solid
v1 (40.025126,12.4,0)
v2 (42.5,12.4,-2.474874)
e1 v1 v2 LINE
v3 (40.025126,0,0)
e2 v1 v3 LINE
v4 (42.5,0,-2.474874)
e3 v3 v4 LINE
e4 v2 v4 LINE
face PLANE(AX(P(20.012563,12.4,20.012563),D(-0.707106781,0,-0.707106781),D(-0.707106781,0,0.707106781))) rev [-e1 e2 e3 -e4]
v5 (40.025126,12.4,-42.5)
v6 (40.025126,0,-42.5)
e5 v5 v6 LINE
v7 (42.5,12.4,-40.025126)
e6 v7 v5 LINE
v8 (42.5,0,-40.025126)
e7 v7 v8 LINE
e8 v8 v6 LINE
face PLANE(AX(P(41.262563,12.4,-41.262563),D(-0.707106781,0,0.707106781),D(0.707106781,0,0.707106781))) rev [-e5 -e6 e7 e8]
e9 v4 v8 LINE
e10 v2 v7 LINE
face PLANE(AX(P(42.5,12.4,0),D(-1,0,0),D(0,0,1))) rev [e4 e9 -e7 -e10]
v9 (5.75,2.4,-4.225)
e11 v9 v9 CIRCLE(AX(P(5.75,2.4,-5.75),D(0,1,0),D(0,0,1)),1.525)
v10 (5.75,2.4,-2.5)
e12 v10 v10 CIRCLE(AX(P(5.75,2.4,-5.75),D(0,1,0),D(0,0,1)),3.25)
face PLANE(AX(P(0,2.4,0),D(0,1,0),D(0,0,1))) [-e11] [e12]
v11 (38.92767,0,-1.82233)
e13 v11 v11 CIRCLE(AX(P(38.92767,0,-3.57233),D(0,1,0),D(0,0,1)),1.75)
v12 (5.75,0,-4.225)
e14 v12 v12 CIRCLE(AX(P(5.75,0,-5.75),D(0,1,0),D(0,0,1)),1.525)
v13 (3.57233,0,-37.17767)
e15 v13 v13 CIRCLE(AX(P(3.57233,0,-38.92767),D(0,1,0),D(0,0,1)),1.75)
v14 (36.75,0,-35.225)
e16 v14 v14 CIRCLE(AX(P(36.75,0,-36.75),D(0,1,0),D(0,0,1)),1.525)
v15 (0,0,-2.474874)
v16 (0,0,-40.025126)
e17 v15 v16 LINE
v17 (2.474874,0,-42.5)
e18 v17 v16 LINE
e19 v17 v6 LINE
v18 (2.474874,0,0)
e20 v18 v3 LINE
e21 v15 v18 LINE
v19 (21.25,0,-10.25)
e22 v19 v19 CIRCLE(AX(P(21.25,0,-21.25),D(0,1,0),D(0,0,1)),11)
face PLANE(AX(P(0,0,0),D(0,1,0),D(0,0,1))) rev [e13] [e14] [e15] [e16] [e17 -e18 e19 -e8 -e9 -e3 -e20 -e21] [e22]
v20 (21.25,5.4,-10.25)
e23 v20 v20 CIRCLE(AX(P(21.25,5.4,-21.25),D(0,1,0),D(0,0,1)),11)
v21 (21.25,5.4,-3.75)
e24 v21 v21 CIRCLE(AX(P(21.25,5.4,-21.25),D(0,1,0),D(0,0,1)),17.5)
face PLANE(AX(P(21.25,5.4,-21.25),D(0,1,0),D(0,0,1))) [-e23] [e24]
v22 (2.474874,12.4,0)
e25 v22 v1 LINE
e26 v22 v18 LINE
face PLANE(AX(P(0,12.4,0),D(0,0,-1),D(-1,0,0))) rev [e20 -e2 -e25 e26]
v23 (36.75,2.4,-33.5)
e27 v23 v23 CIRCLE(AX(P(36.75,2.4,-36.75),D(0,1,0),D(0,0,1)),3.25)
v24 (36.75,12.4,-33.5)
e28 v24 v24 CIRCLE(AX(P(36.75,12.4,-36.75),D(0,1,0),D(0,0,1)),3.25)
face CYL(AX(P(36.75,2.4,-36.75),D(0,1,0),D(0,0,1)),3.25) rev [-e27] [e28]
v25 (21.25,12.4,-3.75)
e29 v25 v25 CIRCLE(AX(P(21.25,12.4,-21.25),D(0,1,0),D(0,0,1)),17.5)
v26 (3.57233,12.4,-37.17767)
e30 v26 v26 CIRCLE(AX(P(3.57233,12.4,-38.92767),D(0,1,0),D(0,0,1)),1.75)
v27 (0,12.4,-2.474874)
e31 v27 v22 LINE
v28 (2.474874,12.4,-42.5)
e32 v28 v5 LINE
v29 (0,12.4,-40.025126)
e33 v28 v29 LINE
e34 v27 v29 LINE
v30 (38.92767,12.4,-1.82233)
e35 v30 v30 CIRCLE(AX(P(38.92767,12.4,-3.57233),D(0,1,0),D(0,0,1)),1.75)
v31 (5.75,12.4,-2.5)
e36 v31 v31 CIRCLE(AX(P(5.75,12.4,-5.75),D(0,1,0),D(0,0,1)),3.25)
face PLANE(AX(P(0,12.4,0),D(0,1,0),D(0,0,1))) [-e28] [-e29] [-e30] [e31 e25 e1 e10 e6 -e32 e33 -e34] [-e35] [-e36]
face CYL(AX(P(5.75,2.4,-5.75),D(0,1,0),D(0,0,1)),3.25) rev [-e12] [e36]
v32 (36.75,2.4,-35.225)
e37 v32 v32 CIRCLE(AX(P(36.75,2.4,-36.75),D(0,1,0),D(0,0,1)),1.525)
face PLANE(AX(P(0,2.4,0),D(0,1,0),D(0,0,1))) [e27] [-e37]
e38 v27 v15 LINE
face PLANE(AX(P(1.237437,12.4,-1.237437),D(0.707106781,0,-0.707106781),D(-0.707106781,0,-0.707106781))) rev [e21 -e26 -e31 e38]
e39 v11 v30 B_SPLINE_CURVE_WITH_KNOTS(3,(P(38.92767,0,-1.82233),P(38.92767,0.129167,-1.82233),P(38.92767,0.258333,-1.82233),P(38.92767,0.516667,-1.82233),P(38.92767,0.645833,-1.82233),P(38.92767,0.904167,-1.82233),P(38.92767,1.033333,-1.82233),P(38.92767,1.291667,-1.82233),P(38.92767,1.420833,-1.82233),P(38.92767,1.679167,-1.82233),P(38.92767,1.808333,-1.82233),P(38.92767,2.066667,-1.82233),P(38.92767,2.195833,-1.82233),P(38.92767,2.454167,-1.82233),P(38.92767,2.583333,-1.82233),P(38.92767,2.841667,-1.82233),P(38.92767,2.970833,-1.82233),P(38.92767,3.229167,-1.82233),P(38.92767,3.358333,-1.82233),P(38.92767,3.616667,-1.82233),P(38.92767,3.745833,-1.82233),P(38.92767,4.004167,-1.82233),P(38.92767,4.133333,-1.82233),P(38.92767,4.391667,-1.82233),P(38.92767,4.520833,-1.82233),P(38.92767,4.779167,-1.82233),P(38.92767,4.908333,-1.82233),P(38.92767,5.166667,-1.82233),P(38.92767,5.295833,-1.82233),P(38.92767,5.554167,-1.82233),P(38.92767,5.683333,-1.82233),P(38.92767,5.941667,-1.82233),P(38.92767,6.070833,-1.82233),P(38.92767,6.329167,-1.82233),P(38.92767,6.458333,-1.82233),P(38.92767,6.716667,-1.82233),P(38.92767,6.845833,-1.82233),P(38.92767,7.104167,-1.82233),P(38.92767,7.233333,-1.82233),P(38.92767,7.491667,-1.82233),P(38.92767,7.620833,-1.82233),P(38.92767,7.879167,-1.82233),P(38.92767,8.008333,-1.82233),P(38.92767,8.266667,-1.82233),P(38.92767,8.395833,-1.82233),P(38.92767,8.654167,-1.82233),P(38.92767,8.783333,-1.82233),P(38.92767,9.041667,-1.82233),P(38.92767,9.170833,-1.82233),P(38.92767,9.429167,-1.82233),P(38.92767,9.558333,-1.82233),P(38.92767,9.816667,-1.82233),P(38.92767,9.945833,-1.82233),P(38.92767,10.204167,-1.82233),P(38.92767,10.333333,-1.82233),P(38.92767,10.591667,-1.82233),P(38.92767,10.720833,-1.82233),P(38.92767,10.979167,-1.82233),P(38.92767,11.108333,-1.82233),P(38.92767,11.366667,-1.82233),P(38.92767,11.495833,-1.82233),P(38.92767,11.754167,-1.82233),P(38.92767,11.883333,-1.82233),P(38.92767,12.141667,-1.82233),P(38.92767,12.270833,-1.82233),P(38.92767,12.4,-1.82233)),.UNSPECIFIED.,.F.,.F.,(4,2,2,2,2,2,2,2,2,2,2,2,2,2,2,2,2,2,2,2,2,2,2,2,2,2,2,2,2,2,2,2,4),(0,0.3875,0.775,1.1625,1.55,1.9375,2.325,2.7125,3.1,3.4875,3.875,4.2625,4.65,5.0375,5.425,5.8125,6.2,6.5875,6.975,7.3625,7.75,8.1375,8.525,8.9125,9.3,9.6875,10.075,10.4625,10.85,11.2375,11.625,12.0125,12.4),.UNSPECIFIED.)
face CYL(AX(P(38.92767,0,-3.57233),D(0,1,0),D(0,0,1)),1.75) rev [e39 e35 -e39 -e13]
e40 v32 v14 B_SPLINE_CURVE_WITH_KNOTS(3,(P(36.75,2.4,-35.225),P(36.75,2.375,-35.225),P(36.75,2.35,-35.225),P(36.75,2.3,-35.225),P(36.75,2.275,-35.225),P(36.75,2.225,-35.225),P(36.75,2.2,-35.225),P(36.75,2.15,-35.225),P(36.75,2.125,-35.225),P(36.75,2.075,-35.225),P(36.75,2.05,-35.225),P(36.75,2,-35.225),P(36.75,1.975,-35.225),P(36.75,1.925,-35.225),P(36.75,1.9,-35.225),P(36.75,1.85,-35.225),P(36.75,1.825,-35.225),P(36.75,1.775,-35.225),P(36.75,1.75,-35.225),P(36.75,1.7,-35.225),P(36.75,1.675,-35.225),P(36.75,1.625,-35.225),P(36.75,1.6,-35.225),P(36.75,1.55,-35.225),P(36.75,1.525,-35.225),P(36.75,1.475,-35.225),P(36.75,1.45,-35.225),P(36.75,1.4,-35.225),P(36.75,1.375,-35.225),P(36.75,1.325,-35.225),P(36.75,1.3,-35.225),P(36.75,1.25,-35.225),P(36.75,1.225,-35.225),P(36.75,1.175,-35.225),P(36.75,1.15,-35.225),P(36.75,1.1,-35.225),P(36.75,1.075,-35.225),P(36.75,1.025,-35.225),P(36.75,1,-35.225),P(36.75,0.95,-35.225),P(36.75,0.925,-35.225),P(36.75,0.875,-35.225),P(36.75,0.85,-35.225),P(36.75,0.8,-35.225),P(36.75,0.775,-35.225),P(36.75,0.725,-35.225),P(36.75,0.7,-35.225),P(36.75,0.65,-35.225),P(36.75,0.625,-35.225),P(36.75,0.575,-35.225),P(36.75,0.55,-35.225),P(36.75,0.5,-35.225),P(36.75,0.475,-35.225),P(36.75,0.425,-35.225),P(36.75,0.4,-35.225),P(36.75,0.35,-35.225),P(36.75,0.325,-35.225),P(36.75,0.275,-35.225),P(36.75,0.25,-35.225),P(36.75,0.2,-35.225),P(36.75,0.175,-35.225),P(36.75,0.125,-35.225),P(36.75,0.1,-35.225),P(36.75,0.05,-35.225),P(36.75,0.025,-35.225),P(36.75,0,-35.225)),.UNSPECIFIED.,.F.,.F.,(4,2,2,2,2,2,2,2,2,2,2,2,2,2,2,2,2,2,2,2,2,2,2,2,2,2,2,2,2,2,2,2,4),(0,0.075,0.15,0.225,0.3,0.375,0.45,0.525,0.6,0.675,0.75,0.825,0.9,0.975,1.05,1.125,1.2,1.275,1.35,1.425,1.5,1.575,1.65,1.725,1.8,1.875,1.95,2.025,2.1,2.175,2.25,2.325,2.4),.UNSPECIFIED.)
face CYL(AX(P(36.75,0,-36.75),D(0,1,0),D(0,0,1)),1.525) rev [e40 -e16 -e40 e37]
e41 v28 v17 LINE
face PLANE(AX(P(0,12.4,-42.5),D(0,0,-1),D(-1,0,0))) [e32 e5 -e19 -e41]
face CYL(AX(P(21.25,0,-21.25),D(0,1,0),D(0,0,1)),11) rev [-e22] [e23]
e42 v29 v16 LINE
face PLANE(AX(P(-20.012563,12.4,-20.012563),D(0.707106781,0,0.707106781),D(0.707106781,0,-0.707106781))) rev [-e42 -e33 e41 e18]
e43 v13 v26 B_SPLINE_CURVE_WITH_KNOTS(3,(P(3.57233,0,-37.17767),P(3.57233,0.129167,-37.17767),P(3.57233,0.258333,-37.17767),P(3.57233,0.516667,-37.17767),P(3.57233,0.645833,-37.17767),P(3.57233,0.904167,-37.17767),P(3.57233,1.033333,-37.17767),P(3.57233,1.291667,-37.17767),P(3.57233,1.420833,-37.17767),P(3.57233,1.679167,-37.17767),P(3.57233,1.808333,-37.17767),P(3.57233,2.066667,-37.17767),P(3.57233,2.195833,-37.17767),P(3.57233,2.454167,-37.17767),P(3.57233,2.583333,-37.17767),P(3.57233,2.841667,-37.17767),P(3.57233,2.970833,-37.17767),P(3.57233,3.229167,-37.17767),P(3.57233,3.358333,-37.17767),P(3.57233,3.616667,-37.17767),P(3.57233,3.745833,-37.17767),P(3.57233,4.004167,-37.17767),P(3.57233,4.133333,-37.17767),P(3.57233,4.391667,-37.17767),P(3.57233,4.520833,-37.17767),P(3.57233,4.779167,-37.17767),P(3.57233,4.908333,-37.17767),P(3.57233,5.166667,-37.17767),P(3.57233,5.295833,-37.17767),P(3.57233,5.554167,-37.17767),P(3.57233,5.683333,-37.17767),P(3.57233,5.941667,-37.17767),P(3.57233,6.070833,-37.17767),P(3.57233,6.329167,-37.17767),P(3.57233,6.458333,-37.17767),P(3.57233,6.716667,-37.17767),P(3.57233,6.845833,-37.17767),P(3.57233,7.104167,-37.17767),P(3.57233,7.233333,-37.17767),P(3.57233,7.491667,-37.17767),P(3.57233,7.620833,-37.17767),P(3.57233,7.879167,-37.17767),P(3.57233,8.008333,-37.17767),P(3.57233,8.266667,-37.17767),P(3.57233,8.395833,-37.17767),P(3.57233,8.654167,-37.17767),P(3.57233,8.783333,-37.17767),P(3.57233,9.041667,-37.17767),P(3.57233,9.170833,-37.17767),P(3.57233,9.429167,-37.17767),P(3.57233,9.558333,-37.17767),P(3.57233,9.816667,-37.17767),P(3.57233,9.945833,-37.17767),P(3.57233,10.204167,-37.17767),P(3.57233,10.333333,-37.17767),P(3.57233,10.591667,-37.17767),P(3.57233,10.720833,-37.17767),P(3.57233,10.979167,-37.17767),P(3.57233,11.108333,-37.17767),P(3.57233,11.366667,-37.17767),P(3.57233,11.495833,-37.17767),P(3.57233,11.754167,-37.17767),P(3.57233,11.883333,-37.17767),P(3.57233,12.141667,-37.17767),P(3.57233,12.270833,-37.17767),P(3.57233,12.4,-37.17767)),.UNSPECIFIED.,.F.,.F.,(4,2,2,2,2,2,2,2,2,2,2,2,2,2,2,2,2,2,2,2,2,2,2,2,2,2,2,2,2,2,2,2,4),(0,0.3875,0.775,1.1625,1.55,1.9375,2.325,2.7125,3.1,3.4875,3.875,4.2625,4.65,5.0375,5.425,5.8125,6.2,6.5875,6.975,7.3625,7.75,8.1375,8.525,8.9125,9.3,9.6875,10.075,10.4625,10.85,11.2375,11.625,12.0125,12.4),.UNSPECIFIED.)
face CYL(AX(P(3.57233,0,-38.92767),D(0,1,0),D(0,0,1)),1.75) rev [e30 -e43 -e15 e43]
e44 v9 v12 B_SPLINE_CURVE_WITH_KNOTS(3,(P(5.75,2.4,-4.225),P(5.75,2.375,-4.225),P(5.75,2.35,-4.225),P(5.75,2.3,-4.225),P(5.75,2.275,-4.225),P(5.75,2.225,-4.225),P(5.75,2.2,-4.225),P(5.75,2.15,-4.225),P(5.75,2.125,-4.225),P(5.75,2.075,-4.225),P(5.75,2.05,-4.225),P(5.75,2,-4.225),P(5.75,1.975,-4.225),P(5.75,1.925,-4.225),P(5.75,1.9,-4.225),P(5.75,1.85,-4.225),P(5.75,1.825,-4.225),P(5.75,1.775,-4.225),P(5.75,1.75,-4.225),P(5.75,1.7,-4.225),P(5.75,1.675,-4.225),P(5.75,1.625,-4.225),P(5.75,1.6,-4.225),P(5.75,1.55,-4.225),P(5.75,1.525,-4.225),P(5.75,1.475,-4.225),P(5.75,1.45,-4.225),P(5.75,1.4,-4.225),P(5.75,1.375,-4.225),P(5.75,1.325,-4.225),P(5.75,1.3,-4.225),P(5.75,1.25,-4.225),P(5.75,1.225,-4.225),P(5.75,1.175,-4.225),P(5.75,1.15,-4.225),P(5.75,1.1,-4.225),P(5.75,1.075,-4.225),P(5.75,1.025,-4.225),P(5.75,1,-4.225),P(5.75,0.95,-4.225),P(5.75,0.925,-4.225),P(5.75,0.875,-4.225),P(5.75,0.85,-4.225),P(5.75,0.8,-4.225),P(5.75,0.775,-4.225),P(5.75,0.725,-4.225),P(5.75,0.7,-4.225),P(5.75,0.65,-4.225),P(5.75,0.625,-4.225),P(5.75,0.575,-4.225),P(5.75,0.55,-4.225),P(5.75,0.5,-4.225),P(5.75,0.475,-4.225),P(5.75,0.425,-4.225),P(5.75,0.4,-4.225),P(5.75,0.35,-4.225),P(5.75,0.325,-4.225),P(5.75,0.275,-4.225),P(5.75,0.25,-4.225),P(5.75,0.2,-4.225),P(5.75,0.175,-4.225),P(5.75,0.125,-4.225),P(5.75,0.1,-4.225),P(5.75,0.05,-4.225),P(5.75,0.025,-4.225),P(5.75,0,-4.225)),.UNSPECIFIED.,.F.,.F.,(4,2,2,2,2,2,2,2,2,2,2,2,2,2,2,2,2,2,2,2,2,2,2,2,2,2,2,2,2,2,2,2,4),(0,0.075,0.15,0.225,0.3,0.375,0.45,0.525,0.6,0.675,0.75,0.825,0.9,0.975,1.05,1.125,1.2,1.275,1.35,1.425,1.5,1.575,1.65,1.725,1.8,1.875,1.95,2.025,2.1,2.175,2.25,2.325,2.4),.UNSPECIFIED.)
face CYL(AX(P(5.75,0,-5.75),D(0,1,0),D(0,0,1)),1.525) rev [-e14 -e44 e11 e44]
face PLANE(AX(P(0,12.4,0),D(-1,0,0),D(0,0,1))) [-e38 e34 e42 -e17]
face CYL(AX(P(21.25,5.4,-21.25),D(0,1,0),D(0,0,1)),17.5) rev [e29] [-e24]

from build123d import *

# Parameters (mm, degrees)
EXTRUDE_1_DEPTH     = 12.4
SKETCH_2_R          = 17.5
CUT_EXTRUDE_1_DEPTH = 7
SKETCH_3_R          = 11
CUT_EXTRUDE_2_DEPTH = 61.510329697
SKETCH_4_R          = 3.25
CUT_EXTRUDE_3_DEPTH = 10
SKETCH_4_3_R        = 1.75
SKETCH_4_3_R_2      = 1.525
CUT_EXTRUDE_4_DEPTH = 62.36986231


with BuildPart() as part:
    # 草图1 → 凸台-拉伸1 (new body)
    with BuildSketch(Plane(origin=(0, 0, 0), x_dir=(1, 0, 0), z_dir=(0, 1, 0))):
        Polygon((0, 40.025126266), (0, 2.474873734), (2.474873734, 0), (40.025126266, 0), (42.5, 2.474873734), (42.5, 40.025126266), (40.025126266, 42.5), (2.474873734, 42.5), align=None)
    extrude(amount=EXTRUDE_1_DEPTH)

    # 草图2 → 切除-拉伸1 (cut)
    with BuildSketch(Plane(origin=(0, 12.4, 0), x_dir=(1, 0, 0), z_dir=(0, 1, 0))):
        with Locations((21.25, 21.25)):
            Circle(SKETCH_2_R)
    extrude(amount=-CUT_EXTRUDE_1_DEPTH, mode=Mode.SUBTRACT)

    # 草图3 → 切除-拉伸2 (cut, through all)
    with BuildSketch(Plane(origin=(0, 5.4, 0), x_dir=(1, 0, 0), z_dir=(0, 1, 0))):
        with Locations((21.25, 21.25)):
            Circle(SKETCH_3_R)
    extrude(amount=-CUT_EXTRUDE_2_DEPTH, mode=Mode.SUBTRACT)

    # 草图4 → 切除-拉伸3 (cut)
    with BuildSketch(Plane(origin=(0, 12.4, 0), x_dir=(1, 0, 0), z_dir=(0, 1, 0))):
        with Locations((36.75, 36.75)):
            Circle(SKETCH_4_R)
        with Locations((5.75, 5.75)):
            Circle(SKETCH_4_R)
    extrude(amount=-CUT_EXTRUDE_3_DEPTH, mode=Mode.SUBTRACT)

    # 草图4<3> → 切除-拉伸4 (cut, through all)
    with BuildSketch(Plane(origin=(0, 12.4, 0), x_dir=(1, 0, 0), z_dir=(0, 1, 0))):
        with Locations((3.57233047, 38.92766953)):
            Circle(SKETCH_4_3_R)
        with Locations((38.92766953, 3.57233047)):
            Circle(SKETCH_4_3_R)
        with Locations((5.75, 5.75)):
            Circle(SKETCH_4_3_R_2)
        with Locations((36.75, 36.75)):
            Circle(SKETCH_4_3_R_2)
    extrude(amount=-CUT_EXTRUDE_4_DEPTH, mode=Mode.SUBTRACT)


solid = part.part
